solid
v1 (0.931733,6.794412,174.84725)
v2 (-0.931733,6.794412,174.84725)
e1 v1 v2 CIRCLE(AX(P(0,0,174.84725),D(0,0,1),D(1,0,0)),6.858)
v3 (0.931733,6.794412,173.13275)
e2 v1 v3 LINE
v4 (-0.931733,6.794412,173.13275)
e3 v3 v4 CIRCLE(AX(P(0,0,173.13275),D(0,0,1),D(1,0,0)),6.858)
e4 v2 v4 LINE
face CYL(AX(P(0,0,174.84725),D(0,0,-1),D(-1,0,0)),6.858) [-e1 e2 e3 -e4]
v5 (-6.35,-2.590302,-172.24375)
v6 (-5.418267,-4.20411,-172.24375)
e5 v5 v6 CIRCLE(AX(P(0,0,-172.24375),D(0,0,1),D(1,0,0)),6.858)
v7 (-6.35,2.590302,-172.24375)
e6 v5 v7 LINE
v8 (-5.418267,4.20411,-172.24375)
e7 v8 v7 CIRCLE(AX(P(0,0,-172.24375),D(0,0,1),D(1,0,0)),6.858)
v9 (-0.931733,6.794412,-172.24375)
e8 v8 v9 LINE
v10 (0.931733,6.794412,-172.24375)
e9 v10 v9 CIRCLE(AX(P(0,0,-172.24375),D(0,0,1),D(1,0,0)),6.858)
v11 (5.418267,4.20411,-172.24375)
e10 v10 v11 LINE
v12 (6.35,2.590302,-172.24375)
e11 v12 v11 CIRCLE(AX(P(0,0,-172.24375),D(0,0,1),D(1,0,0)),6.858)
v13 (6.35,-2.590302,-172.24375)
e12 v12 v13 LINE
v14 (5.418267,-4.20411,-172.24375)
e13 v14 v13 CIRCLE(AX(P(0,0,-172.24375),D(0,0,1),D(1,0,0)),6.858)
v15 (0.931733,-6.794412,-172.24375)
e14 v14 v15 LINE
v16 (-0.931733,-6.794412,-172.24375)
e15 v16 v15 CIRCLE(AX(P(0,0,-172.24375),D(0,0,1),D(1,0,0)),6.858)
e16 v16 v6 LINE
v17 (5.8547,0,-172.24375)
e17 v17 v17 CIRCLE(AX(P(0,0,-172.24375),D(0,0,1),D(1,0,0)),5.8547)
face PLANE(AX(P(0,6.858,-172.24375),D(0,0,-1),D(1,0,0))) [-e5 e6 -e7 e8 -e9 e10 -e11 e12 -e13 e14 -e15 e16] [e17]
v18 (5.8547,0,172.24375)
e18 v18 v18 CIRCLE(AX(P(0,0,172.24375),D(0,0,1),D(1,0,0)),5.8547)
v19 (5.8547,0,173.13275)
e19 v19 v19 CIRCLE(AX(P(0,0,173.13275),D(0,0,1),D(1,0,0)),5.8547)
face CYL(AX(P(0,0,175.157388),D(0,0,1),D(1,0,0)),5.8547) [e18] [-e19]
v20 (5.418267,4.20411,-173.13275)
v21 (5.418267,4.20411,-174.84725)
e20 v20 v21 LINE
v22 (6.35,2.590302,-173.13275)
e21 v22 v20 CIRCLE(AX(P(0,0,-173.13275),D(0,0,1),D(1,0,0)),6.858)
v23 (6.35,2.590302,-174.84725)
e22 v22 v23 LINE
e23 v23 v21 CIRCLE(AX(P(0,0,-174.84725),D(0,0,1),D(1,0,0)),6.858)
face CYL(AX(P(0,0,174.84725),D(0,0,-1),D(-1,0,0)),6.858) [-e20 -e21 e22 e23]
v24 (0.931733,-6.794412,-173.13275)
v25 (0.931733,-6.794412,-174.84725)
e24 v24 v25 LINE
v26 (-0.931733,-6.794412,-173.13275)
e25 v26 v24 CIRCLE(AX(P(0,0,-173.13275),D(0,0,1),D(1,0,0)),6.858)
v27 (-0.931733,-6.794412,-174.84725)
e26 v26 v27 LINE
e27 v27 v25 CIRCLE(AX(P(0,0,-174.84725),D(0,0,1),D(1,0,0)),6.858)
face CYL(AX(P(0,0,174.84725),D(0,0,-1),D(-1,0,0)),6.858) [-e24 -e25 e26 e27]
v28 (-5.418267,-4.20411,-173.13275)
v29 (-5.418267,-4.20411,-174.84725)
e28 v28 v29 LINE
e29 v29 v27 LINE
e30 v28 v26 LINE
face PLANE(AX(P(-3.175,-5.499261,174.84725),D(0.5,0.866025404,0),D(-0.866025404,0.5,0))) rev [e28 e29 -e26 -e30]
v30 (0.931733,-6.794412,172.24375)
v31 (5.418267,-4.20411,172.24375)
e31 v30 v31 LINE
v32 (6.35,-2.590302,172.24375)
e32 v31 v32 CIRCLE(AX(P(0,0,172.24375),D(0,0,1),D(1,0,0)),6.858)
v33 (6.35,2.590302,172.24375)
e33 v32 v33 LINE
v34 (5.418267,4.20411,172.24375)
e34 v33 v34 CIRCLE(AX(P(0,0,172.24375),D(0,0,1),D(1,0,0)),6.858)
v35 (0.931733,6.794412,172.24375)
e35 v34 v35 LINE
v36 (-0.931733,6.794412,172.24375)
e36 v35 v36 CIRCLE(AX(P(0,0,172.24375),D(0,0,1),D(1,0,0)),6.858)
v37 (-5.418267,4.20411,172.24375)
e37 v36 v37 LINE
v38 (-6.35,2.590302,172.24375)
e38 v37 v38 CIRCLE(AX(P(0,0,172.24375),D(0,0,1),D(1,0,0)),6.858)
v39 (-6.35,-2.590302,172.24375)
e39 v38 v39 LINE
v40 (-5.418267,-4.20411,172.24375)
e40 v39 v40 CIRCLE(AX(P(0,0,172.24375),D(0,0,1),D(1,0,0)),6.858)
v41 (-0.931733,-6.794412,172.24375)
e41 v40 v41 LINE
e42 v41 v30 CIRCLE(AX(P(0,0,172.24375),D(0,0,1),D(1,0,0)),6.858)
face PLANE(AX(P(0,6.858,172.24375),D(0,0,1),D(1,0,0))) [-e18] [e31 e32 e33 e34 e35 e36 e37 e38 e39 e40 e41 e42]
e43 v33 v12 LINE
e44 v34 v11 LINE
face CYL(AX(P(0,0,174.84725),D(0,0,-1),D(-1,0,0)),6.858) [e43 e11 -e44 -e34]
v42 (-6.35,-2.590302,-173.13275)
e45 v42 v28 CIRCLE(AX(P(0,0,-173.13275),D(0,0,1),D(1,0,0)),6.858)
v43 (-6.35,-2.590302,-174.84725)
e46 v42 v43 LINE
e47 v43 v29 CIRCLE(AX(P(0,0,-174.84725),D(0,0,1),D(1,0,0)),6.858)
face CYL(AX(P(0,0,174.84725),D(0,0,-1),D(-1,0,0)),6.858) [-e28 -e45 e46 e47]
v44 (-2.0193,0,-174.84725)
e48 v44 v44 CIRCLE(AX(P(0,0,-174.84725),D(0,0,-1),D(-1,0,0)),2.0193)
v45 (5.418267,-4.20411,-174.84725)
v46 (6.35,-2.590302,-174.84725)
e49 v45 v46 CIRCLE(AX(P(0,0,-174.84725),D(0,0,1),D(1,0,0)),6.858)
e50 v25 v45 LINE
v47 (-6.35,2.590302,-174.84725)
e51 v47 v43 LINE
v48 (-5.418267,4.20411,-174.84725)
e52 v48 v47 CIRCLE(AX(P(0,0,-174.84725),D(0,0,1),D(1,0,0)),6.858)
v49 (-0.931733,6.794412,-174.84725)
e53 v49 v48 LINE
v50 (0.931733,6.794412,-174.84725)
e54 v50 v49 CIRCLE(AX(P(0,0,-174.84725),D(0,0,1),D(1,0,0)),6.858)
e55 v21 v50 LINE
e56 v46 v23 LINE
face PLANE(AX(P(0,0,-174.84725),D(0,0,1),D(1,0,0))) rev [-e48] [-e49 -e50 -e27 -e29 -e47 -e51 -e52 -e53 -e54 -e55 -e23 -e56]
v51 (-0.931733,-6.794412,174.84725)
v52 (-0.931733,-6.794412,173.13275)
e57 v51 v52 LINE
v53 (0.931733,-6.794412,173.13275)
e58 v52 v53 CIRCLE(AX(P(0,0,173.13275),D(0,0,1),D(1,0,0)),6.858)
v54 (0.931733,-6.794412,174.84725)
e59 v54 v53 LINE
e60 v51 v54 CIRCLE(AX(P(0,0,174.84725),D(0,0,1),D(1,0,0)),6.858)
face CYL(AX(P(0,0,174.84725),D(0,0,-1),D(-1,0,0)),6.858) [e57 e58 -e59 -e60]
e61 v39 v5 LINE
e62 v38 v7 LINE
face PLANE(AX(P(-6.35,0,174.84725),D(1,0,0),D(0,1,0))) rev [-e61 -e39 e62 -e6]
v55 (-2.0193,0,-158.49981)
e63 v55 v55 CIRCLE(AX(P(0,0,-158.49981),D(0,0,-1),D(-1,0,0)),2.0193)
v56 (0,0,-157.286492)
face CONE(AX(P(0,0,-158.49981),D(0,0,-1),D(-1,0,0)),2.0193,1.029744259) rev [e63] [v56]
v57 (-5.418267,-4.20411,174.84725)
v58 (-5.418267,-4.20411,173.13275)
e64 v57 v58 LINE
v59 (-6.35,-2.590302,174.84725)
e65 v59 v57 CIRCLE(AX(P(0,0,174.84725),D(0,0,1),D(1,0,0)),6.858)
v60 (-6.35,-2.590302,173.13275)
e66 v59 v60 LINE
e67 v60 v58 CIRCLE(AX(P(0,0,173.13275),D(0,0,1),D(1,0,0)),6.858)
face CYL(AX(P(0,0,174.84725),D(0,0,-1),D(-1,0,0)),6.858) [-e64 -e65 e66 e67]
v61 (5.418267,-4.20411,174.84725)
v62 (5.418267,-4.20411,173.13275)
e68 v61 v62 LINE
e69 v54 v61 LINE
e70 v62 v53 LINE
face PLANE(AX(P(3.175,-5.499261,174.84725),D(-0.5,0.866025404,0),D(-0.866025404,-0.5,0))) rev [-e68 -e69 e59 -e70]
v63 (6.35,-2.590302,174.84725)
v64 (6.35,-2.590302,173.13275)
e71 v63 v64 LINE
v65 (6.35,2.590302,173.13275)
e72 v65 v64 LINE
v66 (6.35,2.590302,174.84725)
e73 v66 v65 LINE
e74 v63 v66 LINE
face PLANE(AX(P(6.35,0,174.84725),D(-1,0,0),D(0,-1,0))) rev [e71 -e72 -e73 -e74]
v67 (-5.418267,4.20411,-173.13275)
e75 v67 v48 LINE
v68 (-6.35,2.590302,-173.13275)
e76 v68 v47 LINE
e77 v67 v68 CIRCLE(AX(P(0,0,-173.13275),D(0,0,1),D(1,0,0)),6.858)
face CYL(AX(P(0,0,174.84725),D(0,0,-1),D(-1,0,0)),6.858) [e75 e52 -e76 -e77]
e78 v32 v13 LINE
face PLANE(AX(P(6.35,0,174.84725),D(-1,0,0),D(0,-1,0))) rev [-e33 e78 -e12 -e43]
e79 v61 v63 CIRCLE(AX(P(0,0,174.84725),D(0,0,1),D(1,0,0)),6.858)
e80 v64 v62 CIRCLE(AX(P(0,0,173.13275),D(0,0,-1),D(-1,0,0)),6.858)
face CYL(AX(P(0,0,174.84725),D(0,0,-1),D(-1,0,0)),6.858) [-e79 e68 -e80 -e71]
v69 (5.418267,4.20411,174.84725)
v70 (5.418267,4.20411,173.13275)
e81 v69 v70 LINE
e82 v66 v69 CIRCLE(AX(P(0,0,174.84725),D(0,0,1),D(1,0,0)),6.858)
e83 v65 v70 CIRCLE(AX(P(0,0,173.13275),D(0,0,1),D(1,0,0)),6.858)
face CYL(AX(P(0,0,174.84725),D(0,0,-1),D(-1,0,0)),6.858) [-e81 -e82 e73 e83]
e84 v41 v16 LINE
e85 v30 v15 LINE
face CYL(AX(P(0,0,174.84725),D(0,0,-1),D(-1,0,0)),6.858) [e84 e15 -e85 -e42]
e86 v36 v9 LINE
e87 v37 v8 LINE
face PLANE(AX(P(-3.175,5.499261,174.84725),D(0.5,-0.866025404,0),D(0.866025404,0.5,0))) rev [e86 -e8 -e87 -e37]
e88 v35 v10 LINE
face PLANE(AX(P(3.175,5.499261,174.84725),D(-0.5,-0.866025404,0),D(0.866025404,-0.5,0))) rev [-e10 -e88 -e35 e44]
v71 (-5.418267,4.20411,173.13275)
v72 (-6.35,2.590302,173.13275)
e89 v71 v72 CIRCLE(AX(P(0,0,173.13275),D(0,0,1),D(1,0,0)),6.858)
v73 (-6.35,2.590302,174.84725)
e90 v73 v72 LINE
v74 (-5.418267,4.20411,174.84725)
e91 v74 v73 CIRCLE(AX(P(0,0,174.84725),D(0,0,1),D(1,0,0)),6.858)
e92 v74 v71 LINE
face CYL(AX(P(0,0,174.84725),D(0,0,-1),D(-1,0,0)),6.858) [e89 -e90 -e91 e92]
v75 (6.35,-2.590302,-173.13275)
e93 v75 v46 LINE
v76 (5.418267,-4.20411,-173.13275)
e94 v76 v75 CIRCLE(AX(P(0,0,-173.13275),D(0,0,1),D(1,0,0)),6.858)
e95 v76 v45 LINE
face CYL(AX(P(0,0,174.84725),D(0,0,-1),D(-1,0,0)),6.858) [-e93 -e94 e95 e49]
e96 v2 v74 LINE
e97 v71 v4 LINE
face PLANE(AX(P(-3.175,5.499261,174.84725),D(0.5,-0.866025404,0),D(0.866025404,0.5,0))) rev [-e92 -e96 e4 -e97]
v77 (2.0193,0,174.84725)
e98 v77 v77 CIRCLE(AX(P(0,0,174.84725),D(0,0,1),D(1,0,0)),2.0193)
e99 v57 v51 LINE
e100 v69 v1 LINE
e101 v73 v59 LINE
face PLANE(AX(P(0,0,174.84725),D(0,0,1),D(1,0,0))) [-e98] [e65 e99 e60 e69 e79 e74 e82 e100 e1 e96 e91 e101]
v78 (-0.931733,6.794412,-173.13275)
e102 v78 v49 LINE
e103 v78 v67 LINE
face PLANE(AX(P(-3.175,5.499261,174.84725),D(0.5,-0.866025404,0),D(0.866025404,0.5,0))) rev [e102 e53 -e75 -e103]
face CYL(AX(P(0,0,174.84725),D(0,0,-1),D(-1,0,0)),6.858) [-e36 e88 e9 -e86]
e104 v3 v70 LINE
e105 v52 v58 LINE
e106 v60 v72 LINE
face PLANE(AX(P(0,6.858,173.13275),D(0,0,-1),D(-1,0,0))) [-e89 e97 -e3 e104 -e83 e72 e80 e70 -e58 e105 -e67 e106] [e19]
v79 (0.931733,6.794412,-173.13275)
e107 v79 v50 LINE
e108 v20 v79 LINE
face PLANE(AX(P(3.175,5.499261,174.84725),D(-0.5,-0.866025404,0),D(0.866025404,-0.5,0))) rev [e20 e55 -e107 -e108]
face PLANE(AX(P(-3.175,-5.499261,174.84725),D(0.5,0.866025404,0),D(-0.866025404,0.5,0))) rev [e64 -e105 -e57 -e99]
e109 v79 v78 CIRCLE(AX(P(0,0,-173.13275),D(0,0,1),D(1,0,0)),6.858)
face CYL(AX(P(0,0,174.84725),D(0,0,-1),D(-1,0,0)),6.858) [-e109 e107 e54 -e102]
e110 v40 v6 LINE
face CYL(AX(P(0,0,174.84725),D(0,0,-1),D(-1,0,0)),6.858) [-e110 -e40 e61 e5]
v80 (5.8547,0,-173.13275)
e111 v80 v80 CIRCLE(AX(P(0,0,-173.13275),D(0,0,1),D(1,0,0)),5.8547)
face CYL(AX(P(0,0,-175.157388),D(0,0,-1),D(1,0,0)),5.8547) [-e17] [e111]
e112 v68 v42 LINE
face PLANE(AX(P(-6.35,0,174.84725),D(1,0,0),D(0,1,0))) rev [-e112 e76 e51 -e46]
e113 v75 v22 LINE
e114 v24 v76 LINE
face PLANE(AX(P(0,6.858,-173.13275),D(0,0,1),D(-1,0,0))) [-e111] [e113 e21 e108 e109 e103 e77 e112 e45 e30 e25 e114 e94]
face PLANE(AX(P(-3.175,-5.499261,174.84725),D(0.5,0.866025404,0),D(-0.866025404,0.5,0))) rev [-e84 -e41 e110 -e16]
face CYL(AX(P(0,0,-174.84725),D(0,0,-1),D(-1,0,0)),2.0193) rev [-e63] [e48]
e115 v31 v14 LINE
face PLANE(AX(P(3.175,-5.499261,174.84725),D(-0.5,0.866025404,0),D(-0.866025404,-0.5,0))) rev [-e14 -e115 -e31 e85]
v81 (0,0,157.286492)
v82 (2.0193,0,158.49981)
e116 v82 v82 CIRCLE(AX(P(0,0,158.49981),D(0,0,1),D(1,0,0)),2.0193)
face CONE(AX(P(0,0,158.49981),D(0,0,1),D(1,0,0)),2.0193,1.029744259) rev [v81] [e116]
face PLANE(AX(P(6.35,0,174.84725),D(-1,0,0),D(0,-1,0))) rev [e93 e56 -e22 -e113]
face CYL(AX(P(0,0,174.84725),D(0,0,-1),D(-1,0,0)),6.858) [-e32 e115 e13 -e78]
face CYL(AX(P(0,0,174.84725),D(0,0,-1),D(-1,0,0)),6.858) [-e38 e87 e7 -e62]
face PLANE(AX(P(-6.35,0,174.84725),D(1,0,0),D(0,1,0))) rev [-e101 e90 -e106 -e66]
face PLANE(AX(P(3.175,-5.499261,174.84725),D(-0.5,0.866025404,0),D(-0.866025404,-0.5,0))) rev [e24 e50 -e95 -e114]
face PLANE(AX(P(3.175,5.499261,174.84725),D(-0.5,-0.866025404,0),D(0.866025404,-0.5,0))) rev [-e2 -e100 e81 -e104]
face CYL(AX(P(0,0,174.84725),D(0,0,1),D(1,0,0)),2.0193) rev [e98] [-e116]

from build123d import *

# Parameters (mm, degrees)
BOSS_EXTRUDE1_DEPTH                  = 174.84725
F_10_32_TAPPED_HOLE1_D               = 4.0386
F_10_32_TAPPED_HOLE1_DEPTH           = 16.34744
F_10_32_TAPPED_HOLE1_TIP             = 1.213317848
F_10_32_TAPPED_HOLE1_ON_FACE_2_D     = 4.0386
F_10_32_TAPPED_HOLE1_ON_FACE_2_DEPTH = 16.34744
F_10_32_TAPPED_HOLE1_ON_FACE_2_TIP   = 1.213317848
SKETCH3_W                            = 0.889
SKETCH3_H                            = 1.0033


with BuildPart() as part:
    # Sketch1 → Boss-Extrude1 (new, symmetric)
    with BuildSketch(Plane.XY):
        with BuildLine():
            ThreePointArc((0.93173274, 6.79441227), (0, 6.858), (-0.93173274, 6.79441227))
            Line((-0.93173274, 6.79441227), (-5.41826726, 4.204110358))
            ThreePointArc((-5.41826726, 4.204110358), (-5.939202219, 3.429), (-6.35, 2.590301913))
            Line((-6.35, 2.590301913), (-6.35, -2.590301913))
            ThreePointArc((-6.35, -2.590301913), (-5.939202219, -3.429), (-5.41826726, -4.204110358))
            Line((-5.41826726, -4.204110358), (-0.93173274, -6.79441227))
            ThreePointArc((-0.93173274, -6.79441227), (0, -6.858), (0.93173274, -6.79441227))
            Line((0.93173274, -6.79441227), (5.41826726, -4.204110358))
            ThreePointArc((5.41826726, -4.204110358), (5.939202219, -3.429), (6.35, -2.590301913))
            Line((6.35, -2.590301913), (6.35, 2.590301913))
            ThreePointArc((6.35, 2.590301913), (5.939202219, 3.429), (5.41826726, 4.204110358))
            Line((5.41826726, 4.204110358), (0.93173274, 6.79441227))
        make_face()
    extrude(amount=BOSS_EXTRUDE1_DEPTH, both=True)

    # #10-32 Tapped Hole1
    with Locations(Plane.XY.offset(174.84725)):
        with Locations((0, 0)):
            Hole(F_10_32_TAPPED_HOLE1_D / 2, depth=F_10_32_TAPPED_HOLE1_DEPTH)
            with Locations((0, 0, -(F_10_32_TAPPED_HOLE1_DEPTH + F_10_32_TAPPED_HOLE1_TIP / 2))):  # 118° drill point
                Cone(0, F_10_32_TAPPED_HOLE1_D / 2, F_10_32_TAPPED_HOLE1_TIP, mode=Mode.SUBTRACT)

    # #10-32 Tapped Hole1 on face 2
    with Locations(Plane(origin=(0, 0, -174.84725), x_dir=(-1, 0, 0), z_dir=(0, 0, -1))):
        with Locations((0, 0)):
            Hole(F_10_32_TAPPED_HOLE1_ON_FACE_2_D / 2, depth=F_10_32_TAPPED_HOLE1_ON_FACE_2_DEPTH)
            with Locations((0, 0, -(F_10_32_TAPPED_HOLE1_ON_FACE_2_DEPTH + F_10_32_TAPPED_HOLE1_ON_FACE_2_TIP / 2))):  # 118° drill point
                Cone(0, F_10_32_TAPPED_HOLE1_ON_FACE_2_D / 2, F_10_32_TAPPED_HOLE1_ON_FACE_2_TIP, mode=Mode.SUBTRACT)

    # Sketch3 → Cut-Revolve1 (revolve, cut)
    with BuildSketch(Plane(origin=(0, 0, 0), x_dir=(0, 0, -1), z_dir=(1, 0, 0)), mode=Mode.PRIVATE) as cut_revolve1_sk:
        with Locations((-172.68825, 6.35635)):
            Rectangle(SKETCH3_W, SKETCH3_H)
    cut_revolve1 = revolve(cut_revolve1_sk.sketch.rotate(Axis((0, 0, 175.157387885), (0, 0, -1)), 90), axis=Axis((0, 0, 175.157387885), (0, 0, -1)), mode=Mode.SUBTRACT)

    # Mirror1: Cut-Revolve1 across plane
    add(cut_revolve1.mirror(Plane.XY), mode=Mode.SUBTRACT)


solid = part.part
